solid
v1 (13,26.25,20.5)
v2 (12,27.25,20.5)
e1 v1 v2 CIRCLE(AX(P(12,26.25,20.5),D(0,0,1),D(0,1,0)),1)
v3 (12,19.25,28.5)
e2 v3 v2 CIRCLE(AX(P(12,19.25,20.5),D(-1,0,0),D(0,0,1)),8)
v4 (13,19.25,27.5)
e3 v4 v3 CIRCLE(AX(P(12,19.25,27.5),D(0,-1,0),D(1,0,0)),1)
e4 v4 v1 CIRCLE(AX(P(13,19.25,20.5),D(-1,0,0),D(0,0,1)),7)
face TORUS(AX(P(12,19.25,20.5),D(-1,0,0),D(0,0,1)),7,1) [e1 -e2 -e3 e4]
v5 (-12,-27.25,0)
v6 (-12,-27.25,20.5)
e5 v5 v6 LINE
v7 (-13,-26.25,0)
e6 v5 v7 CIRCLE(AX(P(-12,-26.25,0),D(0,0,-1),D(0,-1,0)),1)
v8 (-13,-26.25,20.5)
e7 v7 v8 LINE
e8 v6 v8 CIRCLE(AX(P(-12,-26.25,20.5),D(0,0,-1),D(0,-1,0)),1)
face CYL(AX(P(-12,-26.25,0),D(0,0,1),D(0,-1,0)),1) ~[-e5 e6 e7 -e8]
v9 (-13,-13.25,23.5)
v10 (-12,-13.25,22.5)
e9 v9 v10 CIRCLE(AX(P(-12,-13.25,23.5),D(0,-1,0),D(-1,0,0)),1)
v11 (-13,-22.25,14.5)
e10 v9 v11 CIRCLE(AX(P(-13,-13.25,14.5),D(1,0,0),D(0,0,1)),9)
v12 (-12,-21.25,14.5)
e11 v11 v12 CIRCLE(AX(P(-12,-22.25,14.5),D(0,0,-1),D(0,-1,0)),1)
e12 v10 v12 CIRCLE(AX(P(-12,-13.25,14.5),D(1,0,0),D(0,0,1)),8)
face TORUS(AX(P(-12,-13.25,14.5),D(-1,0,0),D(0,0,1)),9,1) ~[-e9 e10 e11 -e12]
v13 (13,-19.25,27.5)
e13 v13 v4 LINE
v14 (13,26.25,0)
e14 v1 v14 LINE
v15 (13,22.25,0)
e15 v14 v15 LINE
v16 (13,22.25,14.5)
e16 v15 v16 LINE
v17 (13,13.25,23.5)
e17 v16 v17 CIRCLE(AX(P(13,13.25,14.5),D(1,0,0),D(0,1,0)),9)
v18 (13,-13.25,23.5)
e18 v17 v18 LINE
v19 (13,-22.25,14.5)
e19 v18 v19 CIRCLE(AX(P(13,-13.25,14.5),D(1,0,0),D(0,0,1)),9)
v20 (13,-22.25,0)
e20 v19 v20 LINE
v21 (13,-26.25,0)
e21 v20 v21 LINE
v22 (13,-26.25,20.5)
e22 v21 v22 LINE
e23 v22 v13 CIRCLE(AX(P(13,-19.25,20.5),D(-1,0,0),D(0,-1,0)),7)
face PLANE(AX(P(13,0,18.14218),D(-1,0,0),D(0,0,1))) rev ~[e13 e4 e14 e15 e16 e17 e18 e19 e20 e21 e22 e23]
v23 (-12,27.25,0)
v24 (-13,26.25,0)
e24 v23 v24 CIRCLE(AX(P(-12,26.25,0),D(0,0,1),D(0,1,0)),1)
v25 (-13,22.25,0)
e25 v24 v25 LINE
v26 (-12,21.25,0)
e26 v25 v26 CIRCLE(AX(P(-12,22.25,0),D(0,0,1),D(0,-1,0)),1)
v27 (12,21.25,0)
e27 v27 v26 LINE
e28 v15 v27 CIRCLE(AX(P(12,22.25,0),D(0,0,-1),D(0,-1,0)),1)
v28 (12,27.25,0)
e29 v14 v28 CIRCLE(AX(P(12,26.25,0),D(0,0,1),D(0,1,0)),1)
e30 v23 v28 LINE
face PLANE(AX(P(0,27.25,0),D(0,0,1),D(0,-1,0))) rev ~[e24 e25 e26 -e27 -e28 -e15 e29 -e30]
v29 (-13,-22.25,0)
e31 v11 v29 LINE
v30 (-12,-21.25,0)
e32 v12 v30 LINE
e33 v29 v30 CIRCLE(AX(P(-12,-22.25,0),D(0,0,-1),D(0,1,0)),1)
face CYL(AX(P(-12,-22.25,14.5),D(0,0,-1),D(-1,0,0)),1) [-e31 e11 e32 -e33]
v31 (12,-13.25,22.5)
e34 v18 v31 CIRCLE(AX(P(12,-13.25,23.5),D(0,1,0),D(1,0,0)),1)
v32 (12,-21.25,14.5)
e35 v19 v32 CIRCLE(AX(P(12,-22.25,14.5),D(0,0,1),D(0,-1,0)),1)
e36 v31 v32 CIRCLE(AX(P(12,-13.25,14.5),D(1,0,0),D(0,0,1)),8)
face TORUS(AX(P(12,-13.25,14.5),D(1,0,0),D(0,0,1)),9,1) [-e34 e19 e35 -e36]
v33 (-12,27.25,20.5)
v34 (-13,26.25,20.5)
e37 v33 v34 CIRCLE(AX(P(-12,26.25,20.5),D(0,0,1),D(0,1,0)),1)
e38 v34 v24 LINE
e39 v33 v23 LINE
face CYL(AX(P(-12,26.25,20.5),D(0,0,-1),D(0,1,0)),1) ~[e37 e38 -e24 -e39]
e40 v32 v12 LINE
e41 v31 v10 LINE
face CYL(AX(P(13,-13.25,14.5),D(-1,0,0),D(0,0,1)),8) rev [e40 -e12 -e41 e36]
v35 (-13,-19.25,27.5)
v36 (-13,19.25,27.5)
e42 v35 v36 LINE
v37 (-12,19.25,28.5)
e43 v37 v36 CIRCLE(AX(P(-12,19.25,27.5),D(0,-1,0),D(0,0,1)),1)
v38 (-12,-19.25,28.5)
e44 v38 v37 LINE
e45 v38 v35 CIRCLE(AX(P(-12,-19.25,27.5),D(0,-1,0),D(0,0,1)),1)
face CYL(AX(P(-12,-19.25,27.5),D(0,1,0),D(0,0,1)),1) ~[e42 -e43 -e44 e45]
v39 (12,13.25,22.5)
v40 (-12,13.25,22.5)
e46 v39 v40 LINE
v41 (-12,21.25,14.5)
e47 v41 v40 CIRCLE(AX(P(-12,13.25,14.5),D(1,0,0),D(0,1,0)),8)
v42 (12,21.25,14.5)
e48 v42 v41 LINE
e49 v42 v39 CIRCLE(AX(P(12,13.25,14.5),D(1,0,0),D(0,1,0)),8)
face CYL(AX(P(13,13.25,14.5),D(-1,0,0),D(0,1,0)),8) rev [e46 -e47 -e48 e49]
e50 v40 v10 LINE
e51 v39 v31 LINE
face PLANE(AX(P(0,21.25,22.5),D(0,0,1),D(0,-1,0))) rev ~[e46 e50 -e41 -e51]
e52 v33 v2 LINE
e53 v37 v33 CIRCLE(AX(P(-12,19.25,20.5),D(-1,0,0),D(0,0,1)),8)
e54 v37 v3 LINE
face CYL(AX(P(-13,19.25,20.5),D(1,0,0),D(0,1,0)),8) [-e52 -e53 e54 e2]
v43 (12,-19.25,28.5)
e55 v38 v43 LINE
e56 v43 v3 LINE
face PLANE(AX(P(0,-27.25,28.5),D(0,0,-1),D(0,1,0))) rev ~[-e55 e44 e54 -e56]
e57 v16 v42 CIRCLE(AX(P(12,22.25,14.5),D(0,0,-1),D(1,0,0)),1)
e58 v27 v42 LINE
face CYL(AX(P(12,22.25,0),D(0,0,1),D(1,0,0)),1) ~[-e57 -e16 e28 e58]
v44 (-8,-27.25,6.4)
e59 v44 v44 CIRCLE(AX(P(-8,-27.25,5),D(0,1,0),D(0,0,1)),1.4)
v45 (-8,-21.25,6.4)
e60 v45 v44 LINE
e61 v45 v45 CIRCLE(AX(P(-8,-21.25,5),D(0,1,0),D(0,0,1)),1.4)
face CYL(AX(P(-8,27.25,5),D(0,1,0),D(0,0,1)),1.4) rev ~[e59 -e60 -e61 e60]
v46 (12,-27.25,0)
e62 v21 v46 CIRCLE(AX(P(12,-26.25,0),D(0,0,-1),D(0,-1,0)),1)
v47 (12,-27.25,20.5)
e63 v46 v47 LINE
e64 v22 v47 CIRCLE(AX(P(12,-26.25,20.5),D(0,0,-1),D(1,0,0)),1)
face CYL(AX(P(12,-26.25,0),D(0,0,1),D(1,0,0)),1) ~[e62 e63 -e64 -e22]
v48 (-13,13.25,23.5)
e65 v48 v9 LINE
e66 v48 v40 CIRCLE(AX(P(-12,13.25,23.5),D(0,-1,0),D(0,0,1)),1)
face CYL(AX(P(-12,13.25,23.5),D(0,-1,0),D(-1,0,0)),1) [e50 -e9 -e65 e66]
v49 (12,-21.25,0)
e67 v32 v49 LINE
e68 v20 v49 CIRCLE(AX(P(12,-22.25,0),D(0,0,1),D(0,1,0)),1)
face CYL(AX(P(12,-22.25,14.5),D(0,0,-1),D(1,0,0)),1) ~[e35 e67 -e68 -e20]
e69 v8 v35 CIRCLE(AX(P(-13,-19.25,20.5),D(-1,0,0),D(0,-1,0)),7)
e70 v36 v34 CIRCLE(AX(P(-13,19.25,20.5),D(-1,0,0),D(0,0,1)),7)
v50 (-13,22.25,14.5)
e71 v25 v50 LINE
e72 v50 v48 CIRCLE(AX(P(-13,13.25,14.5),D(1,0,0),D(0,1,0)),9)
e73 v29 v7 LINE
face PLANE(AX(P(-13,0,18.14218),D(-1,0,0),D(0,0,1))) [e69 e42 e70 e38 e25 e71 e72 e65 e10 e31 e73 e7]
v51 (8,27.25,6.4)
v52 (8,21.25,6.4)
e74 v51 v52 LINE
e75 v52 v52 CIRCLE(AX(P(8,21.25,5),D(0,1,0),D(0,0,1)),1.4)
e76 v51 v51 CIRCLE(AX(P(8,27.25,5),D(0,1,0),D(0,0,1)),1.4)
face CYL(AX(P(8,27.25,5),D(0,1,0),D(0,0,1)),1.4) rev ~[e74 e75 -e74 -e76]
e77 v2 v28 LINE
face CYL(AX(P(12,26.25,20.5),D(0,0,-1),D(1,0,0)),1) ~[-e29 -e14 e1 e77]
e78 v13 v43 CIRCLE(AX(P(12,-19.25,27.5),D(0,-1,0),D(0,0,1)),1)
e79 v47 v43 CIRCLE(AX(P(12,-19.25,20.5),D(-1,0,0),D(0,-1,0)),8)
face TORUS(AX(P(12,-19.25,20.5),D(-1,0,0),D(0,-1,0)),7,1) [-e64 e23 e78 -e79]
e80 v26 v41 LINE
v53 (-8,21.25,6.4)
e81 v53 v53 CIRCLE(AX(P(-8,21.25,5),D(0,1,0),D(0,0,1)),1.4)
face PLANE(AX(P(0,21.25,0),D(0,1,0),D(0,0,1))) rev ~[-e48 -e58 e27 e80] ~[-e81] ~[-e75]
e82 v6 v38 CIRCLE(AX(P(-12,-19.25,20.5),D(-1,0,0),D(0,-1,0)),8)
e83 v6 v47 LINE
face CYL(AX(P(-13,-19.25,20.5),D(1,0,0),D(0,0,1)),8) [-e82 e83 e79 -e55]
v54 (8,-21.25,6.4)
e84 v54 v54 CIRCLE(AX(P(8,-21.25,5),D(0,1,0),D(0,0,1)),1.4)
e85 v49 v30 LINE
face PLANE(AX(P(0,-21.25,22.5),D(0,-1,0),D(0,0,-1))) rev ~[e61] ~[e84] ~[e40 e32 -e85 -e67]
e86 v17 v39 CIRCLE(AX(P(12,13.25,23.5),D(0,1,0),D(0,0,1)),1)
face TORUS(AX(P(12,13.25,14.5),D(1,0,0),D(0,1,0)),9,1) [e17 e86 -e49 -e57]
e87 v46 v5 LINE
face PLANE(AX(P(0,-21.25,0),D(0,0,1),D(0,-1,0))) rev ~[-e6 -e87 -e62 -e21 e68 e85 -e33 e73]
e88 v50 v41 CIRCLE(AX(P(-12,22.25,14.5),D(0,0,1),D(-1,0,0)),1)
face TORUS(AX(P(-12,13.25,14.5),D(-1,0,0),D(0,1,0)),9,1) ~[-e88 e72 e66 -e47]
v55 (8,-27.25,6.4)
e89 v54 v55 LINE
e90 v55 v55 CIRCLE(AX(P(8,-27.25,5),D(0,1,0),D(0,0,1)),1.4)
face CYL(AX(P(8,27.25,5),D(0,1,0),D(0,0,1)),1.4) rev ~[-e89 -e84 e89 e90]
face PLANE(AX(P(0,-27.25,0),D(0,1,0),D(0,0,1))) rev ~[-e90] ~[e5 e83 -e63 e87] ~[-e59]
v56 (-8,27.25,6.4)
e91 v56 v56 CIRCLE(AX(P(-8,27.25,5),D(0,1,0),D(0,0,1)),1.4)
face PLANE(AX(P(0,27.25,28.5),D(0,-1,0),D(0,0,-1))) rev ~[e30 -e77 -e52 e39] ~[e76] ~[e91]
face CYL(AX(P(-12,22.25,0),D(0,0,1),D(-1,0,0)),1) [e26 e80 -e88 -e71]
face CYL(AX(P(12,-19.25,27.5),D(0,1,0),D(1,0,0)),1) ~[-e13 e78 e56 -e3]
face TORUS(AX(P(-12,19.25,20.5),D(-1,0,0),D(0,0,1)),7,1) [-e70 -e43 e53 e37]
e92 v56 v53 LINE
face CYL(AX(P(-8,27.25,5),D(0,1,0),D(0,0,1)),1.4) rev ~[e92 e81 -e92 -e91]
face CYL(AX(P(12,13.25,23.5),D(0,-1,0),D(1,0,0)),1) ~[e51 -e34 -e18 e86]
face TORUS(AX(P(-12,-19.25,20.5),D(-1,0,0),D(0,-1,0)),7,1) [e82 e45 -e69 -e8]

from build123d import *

# Parameters (mm, degrees)
BASE_DEPTH              = 13
SKETCH2_R               = 1.4
SCREW_HOLES_DEPTH       = 63.860957676
F_8MM_BRACKET_FILLETS_R = 8
F_1MM_EDGE_FILLETS_R    = 1


with BuildPart() as part:
    # Sketch1 → Base (new, symmetric)
    with BuildSketch(Plane(origin=(0, 0, 0), x_dir=(0, 0, -1), z_dir=(1, 0, 0))):
        Polygon((0, 27.25), (0, 21.25), (-22.5, 21.25), (-22.5, -21.25), (0, -21.25), (0, -27.25), (-28.5, -27.25), (-28.5, 27.25), align=None)
    extrude(amount=BASE_DEPTH, both=True)

    # Sketch2 → Screw Holes (cut, through all)
    with BuildSketch(Plane(origin=(0, 27.25, 0), x_dir=(1, 0, 0), z_dir=(0, 1, 0))):
        with Locations((-8, -5)):
            Circle(SKETCH2_R)
        with Locations((8, -5)):
            Circle(SKETCH2_R)
    extrude(amount=-SCREW_HOLES_DEPTH, mode=Mode.SUBTRACT)

    # 8mm Bracket Fillets
    f_8mm_bracket_fillets_edges = [part.edges().sort_by_distance(p)[0] for p in [
        (0, 21.25, 22.5),
        (0, 27.25, 28.5),
        (0, -27.25, 28.5),
        (0, -21.25, 22.5),
    ]]
    fillet(f_8mm_bracket_fillets_edges, radius=F_8MM_BRACKET_FILLETS_R)

    # 1mm Edge Fillets
    f_1mm_edge_fillets_edges = [part.edges().sort_by_distance(p)[0] for p in [
        (13, -21.25, 7.25),
        (13, 21.25, 7.25),
        (13, 18.906854249, 20.156854249),
        (13, 0, 22.5),
        (-13, -21.25, 7.25),
        (-13, -18.906854249, 20.156854249),
        (-13, 21.25, 7.25),
        (-13, 18.906854249, 20.156854249),
        (-13, 27.25, 10.25),
        (-13, 24.906854249, 26.156854249),
        (-13, -27.25, 10.25),
        (-13, -24.906854249, 26.156854249),
        (13, 27.25, 10.25),
        (13, 24.906854249, 26.156854249),
        (13, -27.25, 10.25),
        (13, -24.906854249, 26.156854249),
        (13, -18.906854249, 20.156854249),
        (-13, 0, 22.5),
        (-13, 0, 28.5),
        (13, 0, 28.5),
    ]]
    fillet(f_1mm_edge_fillets_edges, radius=F_1MM_EDGE_FILLETS_R)


solid = part.part
